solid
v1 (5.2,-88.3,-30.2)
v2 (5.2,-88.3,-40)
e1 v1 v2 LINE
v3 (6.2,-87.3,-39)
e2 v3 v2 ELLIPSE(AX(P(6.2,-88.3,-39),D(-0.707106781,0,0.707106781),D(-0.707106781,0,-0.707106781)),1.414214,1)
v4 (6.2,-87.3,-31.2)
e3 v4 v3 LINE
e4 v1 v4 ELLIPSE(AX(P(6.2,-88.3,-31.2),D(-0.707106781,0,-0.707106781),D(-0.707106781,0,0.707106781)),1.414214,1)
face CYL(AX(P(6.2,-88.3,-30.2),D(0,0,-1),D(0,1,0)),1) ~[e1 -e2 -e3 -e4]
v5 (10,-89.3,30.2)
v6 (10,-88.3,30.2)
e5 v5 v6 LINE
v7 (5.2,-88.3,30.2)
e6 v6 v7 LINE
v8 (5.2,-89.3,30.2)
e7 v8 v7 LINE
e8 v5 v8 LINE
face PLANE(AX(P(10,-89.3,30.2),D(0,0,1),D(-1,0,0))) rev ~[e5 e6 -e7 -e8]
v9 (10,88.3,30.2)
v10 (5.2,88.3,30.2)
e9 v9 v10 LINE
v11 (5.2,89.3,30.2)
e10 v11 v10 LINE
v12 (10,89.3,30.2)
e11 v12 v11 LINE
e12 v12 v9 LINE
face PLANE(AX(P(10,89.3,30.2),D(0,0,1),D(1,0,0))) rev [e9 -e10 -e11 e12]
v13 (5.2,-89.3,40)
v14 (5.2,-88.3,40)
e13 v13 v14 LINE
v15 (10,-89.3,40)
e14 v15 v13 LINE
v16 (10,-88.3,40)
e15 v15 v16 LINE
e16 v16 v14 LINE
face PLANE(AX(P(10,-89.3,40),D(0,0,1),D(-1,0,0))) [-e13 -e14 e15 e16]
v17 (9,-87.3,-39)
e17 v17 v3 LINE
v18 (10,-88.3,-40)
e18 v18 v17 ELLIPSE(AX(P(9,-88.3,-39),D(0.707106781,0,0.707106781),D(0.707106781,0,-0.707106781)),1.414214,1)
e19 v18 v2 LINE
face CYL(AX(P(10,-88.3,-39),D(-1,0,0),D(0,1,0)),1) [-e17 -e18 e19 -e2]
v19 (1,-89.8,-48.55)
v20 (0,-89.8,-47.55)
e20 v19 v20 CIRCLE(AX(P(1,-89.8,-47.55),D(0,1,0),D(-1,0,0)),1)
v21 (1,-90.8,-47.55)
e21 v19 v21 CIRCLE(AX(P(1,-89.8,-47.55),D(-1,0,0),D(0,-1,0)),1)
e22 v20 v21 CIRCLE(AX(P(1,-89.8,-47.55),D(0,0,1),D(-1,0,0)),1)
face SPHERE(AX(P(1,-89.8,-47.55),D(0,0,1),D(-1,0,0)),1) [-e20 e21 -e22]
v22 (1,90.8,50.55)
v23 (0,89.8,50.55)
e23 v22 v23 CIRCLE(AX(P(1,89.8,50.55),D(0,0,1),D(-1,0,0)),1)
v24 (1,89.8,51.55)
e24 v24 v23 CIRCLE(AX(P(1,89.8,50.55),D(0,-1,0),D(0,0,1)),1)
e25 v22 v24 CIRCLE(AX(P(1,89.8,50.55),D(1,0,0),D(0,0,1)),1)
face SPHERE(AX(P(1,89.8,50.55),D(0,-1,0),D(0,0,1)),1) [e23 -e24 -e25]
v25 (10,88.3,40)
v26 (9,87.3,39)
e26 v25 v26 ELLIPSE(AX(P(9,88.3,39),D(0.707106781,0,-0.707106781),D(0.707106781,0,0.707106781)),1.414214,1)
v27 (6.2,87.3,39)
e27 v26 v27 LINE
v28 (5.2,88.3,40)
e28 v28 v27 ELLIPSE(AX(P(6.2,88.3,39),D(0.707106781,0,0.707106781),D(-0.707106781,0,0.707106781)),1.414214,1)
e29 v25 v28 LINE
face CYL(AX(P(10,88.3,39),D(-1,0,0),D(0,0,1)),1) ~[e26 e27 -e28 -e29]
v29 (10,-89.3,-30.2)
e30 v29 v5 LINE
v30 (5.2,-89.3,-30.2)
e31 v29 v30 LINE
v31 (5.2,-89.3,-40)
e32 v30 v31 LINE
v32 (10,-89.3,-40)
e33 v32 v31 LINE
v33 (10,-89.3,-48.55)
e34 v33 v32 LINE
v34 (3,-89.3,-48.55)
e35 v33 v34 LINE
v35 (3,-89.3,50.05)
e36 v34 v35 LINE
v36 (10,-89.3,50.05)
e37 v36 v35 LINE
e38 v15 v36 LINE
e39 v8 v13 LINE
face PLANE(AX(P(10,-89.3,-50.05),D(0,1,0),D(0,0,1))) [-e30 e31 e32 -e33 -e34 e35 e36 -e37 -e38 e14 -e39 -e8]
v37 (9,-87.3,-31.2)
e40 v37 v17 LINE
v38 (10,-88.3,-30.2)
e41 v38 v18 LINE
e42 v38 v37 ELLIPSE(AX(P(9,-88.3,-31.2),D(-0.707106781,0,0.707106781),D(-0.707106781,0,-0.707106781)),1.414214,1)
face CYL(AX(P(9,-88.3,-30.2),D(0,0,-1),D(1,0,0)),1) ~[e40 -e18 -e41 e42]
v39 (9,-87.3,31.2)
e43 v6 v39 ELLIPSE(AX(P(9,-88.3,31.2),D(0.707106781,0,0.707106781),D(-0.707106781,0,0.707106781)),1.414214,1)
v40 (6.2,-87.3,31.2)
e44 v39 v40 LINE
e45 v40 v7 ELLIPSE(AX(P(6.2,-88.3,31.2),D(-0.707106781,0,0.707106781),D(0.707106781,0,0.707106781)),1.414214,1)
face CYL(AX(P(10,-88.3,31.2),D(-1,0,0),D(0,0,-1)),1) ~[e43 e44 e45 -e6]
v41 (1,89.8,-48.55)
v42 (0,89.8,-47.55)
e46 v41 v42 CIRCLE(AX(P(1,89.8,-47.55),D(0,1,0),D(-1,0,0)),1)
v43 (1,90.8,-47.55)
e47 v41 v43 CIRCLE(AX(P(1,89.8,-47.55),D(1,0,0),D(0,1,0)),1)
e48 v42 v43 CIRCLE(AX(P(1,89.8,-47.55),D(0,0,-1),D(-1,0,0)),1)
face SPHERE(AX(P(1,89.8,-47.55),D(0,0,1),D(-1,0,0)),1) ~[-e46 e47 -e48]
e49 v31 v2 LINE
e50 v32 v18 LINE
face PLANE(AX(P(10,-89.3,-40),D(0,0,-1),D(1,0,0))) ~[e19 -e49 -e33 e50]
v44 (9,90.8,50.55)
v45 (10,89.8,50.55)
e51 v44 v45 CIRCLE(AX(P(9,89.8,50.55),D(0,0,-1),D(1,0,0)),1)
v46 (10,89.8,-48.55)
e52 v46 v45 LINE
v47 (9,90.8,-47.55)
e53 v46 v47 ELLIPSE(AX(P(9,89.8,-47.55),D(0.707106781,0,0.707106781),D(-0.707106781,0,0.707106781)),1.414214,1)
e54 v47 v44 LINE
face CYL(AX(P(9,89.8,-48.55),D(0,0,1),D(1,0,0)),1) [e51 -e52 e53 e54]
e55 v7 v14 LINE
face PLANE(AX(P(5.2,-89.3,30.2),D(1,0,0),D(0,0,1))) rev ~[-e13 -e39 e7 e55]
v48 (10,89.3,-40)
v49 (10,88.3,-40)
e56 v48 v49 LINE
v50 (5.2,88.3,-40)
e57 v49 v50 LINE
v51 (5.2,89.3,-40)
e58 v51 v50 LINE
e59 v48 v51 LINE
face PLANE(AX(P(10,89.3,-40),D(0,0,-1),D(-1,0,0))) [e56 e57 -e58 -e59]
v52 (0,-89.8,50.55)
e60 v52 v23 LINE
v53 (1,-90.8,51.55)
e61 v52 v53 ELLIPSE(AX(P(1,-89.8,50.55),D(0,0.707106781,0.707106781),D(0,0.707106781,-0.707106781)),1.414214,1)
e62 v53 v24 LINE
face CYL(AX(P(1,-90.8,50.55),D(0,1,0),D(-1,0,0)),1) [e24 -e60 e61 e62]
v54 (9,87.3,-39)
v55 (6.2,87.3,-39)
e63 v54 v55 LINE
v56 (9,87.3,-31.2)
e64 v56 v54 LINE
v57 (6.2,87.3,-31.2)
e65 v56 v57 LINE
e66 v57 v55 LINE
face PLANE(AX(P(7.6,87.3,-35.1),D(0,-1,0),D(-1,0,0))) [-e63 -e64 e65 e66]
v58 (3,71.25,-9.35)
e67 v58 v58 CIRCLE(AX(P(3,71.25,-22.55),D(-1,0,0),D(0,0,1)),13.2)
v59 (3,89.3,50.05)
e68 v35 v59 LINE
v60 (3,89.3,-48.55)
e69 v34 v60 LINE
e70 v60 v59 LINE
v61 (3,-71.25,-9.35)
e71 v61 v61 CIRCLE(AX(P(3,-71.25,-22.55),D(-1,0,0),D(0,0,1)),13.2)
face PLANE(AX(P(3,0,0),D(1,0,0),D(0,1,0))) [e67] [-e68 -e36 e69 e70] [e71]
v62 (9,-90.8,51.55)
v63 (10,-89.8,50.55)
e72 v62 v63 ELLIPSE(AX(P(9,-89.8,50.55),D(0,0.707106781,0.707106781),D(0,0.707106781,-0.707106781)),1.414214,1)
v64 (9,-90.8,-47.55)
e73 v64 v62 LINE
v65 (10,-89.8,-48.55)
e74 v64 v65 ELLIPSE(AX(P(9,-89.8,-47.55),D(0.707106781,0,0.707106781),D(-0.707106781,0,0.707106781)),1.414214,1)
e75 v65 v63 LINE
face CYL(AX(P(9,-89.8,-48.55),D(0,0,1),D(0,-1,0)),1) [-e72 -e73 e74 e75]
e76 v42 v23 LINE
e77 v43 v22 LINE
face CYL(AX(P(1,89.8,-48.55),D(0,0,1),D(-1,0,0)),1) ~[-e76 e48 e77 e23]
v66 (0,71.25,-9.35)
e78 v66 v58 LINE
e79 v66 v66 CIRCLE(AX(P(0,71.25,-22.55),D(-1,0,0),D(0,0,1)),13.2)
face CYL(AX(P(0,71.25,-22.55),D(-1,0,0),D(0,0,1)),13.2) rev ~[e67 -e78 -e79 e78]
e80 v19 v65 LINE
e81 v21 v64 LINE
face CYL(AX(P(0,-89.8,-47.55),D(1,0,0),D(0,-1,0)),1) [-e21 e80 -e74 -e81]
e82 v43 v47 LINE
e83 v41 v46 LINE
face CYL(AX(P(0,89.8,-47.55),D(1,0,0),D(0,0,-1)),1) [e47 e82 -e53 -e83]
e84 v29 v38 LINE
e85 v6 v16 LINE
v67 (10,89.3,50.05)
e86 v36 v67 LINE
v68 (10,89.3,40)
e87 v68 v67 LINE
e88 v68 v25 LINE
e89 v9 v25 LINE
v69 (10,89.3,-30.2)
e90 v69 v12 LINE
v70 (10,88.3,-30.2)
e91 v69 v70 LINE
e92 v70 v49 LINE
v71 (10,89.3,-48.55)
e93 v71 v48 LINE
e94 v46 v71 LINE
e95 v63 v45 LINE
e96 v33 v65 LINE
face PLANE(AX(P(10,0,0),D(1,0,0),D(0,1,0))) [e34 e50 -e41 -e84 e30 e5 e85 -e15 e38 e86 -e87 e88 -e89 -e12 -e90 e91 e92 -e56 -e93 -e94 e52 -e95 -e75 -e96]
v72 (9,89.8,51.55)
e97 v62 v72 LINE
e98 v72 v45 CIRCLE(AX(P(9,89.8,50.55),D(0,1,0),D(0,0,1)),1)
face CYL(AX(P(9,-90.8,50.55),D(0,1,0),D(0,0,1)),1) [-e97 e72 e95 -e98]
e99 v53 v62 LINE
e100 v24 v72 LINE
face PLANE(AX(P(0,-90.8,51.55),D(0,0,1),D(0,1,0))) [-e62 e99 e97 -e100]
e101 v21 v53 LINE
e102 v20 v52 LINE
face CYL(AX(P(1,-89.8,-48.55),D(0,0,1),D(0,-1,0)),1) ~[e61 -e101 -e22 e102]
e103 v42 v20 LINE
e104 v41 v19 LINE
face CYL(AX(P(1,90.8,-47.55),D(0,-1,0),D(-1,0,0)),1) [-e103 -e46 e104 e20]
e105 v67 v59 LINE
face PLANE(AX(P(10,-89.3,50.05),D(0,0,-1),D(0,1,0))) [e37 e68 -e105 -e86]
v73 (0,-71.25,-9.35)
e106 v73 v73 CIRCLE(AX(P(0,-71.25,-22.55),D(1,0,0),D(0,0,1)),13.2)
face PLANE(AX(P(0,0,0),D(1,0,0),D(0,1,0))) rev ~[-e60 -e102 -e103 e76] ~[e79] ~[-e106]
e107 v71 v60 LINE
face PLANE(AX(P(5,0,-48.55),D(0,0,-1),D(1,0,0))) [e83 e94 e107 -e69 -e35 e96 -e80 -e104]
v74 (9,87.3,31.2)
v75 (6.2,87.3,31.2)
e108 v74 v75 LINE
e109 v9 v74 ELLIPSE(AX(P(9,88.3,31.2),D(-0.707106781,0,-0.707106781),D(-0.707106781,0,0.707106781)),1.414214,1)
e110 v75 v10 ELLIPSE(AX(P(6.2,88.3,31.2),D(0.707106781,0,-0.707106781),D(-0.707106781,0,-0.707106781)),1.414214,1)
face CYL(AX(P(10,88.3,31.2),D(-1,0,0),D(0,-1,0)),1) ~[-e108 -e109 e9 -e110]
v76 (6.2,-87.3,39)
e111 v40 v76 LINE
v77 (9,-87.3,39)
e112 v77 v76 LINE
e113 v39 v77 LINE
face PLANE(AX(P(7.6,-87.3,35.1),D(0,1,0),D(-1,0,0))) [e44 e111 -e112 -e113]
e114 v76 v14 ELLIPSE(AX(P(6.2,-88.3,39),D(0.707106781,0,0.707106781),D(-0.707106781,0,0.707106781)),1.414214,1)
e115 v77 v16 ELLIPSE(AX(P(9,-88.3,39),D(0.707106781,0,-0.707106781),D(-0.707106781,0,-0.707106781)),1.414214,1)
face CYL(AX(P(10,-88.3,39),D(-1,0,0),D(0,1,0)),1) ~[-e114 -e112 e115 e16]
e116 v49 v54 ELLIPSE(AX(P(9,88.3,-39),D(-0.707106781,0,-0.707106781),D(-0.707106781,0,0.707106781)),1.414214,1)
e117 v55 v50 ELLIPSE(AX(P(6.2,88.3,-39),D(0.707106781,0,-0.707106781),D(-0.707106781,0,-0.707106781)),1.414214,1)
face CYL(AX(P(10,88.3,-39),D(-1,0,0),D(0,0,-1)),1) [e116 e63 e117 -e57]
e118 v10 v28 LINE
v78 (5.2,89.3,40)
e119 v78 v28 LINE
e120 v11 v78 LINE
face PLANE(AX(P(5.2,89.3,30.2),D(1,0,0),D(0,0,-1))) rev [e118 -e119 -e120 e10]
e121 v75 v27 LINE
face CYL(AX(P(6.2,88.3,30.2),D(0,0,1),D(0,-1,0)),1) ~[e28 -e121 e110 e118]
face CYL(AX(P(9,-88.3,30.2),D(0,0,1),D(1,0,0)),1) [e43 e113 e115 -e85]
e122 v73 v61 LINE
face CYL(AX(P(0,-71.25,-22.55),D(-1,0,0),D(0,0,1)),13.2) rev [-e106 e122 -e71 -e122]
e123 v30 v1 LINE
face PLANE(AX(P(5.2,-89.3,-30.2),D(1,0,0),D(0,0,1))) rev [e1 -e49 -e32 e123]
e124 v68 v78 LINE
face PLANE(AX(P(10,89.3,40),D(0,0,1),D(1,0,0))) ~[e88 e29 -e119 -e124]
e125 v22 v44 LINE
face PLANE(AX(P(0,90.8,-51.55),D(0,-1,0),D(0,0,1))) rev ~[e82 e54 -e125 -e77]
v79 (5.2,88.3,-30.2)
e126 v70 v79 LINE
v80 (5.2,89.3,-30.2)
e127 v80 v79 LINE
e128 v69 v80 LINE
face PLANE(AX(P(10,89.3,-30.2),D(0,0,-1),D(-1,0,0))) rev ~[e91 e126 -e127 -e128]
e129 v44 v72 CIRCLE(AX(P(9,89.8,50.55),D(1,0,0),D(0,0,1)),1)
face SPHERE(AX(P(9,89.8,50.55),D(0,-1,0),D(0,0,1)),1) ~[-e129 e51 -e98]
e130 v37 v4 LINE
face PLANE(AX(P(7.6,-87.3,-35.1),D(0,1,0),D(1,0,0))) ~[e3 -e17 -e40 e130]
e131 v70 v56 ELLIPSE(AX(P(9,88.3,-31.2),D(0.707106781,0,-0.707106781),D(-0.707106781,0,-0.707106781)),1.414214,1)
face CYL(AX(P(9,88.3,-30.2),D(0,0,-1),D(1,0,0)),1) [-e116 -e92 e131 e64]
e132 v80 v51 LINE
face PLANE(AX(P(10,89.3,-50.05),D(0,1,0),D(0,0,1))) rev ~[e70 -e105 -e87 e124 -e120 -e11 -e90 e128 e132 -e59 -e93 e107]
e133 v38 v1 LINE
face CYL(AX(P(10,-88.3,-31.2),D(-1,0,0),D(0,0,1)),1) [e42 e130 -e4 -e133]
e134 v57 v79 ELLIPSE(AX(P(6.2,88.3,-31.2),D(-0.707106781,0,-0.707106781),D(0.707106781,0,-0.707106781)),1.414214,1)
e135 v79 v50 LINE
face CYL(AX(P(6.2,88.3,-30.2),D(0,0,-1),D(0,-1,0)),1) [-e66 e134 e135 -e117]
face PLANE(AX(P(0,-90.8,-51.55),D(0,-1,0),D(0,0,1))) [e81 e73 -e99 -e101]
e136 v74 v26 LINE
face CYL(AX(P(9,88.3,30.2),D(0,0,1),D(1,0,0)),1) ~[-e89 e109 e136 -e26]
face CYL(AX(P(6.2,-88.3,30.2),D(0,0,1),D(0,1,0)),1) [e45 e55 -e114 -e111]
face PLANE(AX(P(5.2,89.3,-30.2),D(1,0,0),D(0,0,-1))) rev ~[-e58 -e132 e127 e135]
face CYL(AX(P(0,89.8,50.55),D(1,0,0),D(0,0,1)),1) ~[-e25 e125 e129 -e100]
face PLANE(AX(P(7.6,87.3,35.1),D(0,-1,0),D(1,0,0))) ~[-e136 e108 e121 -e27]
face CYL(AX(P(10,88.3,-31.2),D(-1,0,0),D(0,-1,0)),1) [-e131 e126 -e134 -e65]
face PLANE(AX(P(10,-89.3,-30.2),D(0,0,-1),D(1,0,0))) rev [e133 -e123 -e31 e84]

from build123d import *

# Parameters (mm, degrees)
ESBO_O1_W                 = 181.6
ESBO_O1_H                 = 103.1
RESSALTO_EXTRUS_O1_DEPTH  = 10
ESBO_O2_W                 = 178.6
ESBO_O2_H                 = 100.1
CORTE_EXTRUS_O1_DEPTH     = 7
ESBO_O4_W                 = 4.8
ESBO_O4_H                 = 9.8
RESSALTO_EXTRUS_O2_DEPTH  = 2
ESPELHAR2_COPY_1_SKETCH_W = 4.8
ESPELHAR2_COPY_1_SKETCH_H = 9.8
ESPELHAR2_COPY_1_DEPTH    = 2
ESBO_O5_W                 = 10
ESBO_O5_H                 = 181.6
CORTE_EXTRUS_O2_DEPTH     = 3
FILETE3_R                 = 1
FILETE6_R                 = 1
FILETE7_R                 = 1
FILETE8_R                 = 1
ESBO_O6_R                 = 13.2
CORTE_EXTRUS_O3_DEPTH     = 10


with BuildPart() as part:
    # Esboço1 → Ressalto-extrusão1 (new body)
    with BuildSketch(Plane.YZ):
        Rectangle(ESBO_O1_W, ESBO_O1_H)
    extrude(amount=RESSALTO_EXTRUS_O1_DEPTH)

    # Esboço2 → Corte-extrusão1 (cut)
    with BuildSketch(Plane.YZ.offset(10)):
        Rectangle(ESBO_O2_W, ESBO_O2_H)
    extrude(amount=-CORTE_EXTRUS_O1_DEPTH, mode=Mode.SUBTRACT)

    # Esboço4 → Ressalto-extrusão2 (add)
    with BuildSketch(Plane(origin=(0, -89.3, 0), x_dir=(-1, 0, 0), z_dir=(0, 1, 0))):
        with Locations((-7.6, 35.1)):
            Rectangle(ESBO_O4_W, ESBO_O4_H)
    ressalto_extrus_o2 = extrude(amount=RESSALTO_EXTRUS_O2_DEPTH)

    # Espelhar1: Ressalto-extrusão2 across plane
    add(ressalto_extrus_o2.mirror(Plane.XY))

    # Espelhar2: Ressalto-extrusão2 across plane
    add(ressalto_extrus_o2.mirror(Plane.ZX))

    # Espelhar2 copy 1 sketch → Espelhar2 copy 1 (add)
    with BuildSketch(Plane(origin=(0, 89.3, 0), x_dir=(-1, 0, 0), z_dir=(0, -1, 0))):
        with Locations((-7.6, 35.1)):
            Rectangle(ESPELHAR2_COPY_1_SKETCH_W, ESPELHAR2_COPY_1_SKETCH_H)
    extrude(amount=ESPELHAR2_COPY_1_DEPTH)

    # Esboço5 → Corte-extrusão2 (cut)
    with BuildSketch(Plane(origin=(0, 0, -51.55), x_dir=(1, 0, 0), z_dir=(0, 0, -1))):
        with Locations((5, 0)):
            Rectangle(ESBO_O5_W, ESBO_O5_H)
    extrude(amount=-CORTE_EXTRUS_O2_DEPTH, mode=Mode.SUBTRACT)

    # Filete3
    filete3_edges = [part.edges().sort_by_distance(p)[0] for p in [
        (10, 0, 51.55),
        (10, -90.8, 1.5),
        (0, 0, 51.55),
        (0, -90.8, 1.5),
        (5, 90.8, 51.55),
        (0, 90.8, 1.5),
        (10, 90.8, 1.5),
        (0, 0, -48.55),
        (5, -90.8, -48.55),
        (5, 90.8, -48.55),
    ]]
    fillet(filete3_edges, radius=FILETE3_R)

    # Filete6
    filete6_edges = [part.edges().sort_by_distance(p)[0] for p in [
        (5.2, -87.3, 35.1),
        (7.6, -87.3, 40),
        (10, -87.3, 35.1),
        (7.6, -87.3, 30.2),
    ]]
    fillet(filete6_edges, radius=FILETE6_R)

    # Filete7
    filete7_edges = [part.edges().sort_by_distance(p)[0] for p in [
        (10, -87.3, -35.1),
        (7.6, -87.3, -30.2),
        (7.6, -87.3, -40),
        (5.2, -87.3, -35.1),
    ]]
    fillet(filete7_edges, radius=FILETE7_R)

    # Filete8
    filete8_edges = [part.edges().sort_by_distance(p)[0] for p in [
        (5.2, 87.3, -35.1),
        (7.6, 87.3, -40),
        (10, 87.3, -35.1),
        (7.6, 87.3, -30.2),
        (10, 87.3, 35.1),
        (7.6, 87.3, 30.2),
        (7.6, 87.3, 40),
        (5.2, 87.3, 35.1),
    ]]
    fillet(filete8_edges, radius=FILETE8_R)

    # Esboço6 → Corte-extrusão3 (cut)
    with BuildSketch(Plane(origin=(0, 0, 0), x_dir=(0, -1, 0), z_dir=(-1, 0, 0))):
        with Locations(Location((-71.25, -22.55, 0), (0, 0, 90))):
            Circle(ESBO_O6_R)
    corte_extrus_o3 = extrude(amount=-CORTE_EXTRUS_O3_DEPTH, mode=Mode.SUBTRACT)

    # Espelhar3: Corte-extrusão3 across plane
    add(corte_extrus_o3.mirror(Plane.ZX), mode=Mode.SUBTRACT)


solid = part.part
